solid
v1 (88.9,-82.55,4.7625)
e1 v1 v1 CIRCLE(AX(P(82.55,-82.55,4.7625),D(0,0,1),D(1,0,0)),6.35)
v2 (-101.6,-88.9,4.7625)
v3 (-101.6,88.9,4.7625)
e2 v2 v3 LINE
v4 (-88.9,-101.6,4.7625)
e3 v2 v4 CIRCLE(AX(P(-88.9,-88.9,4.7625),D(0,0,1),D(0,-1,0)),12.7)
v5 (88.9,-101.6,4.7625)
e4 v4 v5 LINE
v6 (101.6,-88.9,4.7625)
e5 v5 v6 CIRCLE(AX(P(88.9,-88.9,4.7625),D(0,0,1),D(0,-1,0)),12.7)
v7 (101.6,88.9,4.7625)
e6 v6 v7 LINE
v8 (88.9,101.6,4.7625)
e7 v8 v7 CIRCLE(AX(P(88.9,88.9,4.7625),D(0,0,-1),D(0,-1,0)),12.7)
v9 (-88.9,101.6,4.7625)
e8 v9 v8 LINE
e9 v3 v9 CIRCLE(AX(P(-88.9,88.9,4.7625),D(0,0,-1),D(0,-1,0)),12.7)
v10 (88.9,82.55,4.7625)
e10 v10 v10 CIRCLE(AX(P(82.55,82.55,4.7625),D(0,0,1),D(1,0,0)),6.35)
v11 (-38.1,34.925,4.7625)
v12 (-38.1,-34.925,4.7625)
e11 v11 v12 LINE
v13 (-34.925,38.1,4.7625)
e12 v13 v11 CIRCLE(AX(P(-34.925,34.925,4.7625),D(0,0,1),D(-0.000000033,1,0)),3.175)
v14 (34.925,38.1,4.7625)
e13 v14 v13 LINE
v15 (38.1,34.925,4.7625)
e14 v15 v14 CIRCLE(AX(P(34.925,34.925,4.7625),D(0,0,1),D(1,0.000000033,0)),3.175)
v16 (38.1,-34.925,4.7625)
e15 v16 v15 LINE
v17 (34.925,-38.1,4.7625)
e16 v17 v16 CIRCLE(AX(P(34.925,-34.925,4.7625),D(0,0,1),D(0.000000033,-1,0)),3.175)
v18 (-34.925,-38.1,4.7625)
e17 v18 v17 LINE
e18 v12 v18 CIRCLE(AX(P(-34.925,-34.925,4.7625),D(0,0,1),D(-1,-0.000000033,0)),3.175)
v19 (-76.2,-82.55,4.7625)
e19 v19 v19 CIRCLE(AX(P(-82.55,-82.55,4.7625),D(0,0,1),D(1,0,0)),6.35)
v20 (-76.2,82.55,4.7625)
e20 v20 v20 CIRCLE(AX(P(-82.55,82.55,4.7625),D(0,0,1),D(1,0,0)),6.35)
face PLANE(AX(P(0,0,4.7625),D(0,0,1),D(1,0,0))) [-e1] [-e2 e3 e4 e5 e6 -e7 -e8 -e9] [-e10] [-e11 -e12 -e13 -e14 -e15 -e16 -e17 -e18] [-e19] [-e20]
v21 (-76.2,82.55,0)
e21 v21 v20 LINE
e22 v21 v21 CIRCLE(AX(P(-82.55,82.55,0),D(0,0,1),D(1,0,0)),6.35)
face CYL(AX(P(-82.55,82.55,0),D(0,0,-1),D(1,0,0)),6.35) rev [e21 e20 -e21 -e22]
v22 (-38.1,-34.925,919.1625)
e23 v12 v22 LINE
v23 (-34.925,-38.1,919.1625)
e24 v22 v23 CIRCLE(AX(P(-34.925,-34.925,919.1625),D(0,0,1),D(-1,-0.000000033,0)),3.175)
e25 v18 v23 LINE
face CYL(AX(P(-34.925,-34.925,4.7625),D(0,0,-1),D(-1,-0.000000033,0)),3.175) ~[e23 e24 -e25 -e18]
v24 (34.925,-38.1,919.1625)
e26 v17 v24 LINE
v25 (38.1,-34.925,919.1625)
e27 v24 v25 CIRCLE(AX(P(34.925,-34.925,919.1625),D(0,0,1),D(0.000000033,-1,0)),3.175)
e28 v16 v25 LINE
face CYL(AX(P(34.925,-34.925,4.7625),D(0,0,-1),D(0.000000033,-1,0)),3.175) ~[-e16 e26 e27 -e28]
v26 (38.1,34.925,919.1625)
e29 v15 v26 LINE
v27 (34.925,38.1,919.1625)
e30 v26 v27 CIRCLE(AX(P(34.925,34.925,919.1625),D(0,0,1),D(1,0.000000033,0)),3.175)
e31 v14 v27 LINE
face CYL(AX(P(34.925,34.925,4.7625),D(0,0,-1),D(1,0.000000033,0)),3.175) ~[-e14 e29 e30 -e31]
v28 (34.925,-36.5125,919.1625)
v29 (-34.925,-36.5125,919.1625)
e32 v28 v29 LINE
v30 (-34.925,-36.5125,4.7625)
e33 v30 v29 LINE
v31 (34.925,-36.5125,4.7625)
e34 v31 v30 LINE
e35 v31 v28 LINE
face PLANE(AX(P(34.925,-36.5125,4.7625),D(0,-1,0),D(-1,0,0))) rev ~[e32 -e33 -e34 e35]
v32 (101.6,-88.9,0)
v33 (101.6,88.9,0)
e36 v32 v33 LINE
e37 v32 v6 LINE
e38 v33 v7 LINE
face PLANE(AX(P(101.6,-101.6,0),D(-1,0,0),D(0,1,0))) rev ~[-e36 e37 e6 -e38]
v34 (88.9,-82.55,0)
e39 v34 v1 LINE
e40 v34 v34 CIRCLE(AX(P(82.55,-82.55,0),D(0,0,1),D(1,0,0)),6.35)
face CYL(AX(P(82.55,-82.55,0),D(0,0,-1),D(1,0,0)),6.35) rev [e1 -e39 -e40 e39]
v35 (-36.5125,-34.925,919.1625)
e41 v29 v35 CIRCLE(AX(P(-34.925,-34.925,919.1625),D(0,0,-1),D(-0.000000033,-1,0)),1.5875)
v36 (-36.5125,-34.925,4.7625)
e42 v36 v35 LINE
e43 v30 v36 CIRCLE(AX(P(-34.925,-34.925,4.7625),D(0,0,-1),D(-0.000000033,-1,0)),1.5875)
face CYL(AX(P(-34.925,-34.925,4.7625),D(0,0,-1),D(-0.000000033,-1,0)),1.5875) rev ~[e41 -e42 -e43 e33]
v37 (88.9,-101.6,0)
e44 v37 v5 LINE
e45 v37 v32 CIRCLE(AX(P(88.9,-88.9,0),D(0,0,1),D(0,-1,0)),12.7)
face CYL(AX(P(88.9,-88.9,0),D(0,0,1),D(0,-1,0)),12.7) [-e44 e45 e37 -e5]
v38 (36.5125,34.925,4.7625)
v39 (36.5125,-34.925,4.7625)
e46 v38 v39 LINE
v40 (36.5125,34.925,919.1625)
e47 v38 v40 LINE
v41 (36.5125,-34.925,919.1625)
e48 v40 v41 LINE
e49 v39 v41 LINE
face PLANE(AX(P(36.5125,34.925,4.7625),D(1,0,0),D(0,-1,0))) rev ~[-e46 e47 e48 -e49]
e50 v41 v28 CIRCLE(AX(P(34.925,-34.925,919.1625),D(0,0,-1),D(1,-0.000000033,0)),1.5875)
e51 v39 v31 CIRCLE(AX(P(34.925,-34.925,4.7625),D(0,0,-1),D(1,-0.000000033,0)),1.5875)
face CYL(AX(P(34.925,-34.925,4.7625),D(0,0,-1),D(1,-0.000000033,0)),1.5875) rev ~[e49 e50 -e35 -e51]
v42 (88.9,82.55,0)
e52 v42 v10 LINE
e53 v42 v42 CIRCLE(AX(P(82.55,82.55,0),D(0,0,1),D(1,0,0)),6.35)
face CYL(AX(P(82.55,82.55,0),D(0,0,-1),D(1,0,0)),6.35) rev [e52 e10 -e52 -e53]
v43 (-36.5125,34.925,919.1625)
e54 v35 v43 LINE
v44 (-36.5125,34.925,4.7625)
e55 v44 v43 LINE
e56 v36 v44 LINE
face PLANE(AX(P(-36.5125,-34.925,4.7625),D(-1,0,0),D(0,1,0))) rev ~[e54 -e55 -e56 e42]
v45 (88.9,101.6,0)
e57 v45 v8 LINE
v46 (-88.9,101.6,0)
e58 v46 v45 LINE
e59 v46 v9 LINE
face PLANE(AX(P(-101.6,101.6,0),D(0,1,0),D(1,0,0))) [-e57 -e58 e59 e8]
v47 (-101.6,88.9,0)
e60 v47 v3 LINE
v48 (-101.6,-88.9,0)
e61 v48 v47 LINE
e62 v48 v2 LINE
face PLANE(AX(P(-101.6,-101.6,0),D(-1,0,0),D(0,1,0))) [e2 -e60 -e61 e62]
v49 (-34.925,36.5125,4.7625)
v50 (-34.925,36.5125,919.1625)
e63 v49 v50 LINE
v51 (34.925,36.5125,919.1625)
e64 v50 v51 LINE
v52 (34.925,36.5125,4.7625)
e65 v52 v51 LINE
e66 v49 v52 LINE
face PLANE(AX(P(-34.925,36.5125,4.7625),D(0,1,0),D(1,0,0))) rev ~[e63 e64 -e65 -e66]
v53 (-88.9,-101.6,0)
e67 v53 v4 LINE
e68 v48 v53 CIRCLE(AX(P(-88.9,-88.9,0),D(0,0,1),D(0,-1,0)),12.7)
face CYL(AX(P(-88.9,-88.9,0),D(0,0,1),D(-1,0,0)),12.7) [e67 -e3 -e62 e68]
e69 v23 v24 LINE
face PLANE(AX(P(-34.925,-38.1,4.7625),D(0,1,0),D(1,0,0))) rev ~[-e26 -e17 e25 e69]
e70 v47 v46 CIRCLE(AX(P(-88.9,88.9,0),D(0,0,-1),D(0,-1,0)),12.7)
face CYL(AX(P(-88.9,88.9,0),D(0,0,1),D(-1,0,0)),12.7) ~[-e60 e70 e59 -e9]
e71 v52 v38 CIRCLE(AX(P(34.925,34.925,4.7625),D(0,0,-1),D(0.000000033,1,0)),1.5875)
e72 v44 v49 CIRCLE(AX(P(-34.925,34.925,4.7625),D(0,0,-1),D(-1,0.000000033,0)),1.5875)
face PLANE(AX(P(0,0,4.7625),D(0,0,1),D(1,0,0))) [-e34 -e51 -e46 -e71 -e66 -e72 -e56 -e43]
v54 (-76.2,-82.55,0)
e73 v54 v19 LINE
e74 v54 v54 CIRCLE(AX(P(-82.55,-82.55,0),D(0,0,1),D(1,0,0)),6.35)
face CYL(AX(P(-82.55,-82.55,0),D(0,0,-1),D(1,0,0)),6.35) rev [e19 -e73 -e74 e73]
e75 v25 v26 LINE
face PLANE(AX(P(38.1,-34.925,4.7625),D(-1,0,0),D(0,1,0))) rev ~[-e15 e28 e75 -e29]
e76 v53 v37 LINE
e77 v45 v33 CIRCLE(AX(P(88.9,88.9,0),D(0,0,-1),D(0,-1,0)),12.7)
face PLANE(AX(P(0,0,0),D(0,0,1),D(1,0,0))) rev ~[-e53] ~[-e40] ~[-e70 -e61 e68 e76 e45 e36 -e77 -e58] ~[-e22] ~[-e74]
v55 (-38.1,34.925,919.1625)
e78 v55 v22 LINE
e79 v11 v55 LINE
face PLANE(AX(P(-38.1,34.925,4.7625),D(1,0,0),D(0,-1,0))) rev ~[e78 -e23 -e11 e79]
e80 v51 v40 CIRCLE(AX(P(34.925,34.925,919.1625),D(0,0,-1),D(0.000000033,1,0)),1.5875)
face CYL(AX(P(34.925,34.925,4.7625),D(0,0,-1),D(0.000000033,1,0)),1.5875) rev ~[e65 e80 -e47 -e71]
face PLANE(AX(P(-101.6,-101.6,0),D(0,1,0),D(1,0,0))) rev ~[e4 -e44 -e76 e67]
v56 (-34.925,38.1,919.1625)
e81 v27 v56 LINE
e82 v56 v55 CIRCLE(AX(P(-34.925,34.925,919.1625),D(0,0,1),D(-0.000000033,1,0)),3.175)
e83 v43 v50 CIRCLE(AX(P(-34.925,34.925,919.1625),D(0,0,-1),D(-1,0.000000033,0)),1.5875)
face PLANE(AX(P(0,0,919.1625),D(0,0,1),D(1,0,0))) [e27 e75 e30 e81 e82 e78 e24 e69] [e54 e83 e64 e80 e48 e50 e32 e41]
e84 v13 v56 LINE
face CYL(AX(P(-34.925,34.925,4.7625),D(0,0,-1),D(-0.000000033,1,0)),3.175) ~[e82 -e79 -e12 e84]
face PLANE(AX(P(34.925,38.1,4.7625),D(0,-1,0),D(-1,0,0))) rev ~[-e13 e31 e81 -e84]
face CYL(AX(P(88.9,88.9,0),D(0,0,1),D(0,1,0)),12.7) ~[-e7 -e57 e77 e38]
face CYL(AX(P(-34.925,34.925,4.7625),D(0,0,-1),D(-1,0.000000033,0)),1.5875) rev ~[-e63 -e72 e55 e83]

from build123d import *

# Parameters (mm, degrees)
F0_W     = 203.2
F0_H     = 203.2
F0_R     = 6.35
F1_DEPTH = 4.7625
F2_R     = 12.7
F4_DEPTH = 914.4


with BuildPart() as f1:
    # F0 (on Top) → F1 (new body)
    with BuildSketch(Plane.XY):
        Rectangle(F0_W, F0_H)
        with Locations((-82.55, -82.55)):
            Circle(F0_R, mode=Mode.SUBTRACT)
        with Locations((82.55, -82.55)):
            Circle(F0_R, mode=Mode.SUBTRACT)
        with Locations((-82.55, 82.55)):
            Circle(F0_R, mode=Mode.SUBTRACT)
        with Locations((82.55, 82.55)):
            Circle(F0_R, mode=Mode.SUBTRACT)
    extrude(amount=F1_DEPTH)

    # F2
    f2_edges = [f1.edges().sort_by_distance(p)[0] for p in [
        (-101.6, -101.6, 2.38125),
        (101.6, -101.6, 2.38125),
        (101.6, 101.6, 2.38125),
        (-101.6, 101.6, 2.38125),
    ]]
    fillet(f2_edges, radius=F2_R)

    # F3 (on face) → F4 (join)
    with BuildSketch(Plane.XY.offset(4.7625)):
        with BuildLine():
            Line((34.925, 38.1), (-34.925, 38.1))
            ThreePointArc((-34.925, 38.1), (-37.170064, 37.170064), (-38.1, 34.925))
            Line((-38.1, 34.925), (-38.1, -34.925))
            ThreePointArc((-38.1, -34.925), (-37.170064, -37.170064), (-34.925, -38.1))
            Line((-34.925, -38.1), (34.925, -38.1))
            ThreePointArc((34.925, -38.1), (37.170064, -37.170064), (38.1, -34.925))
            Line((38.1, -34.925), (38.1, 34.925))
            ThreePointArc((38.1, 34.925), (37.170064, 37.170064), (34.925, 38.1))
        make_face()
        with BuildLine():
            Line((-36.5125, -34.925), (-36.5125, 34.925))
            ThreePointArc((-36.5125, 34.925), (-36.047532, 36.047532), (-34.925, 36.5125))
            Line((-34.925, 36.5125), (34.925, 36.5125))
            ThreePointArc((34.925, 36.5125), (36.047532, 36.047532), (36.5125, 34.925))
            Line((36.5125, 34.925), (36.5125, -34.925))
            ThreePointArc((36.5125, -34.925), (36.047532, -36.047532), (34.925, -36.5125))
            Line((34.925, -36.5125), (-34.925, -36.5125))
            ThreePointArc((-34.925, -36.5125), (-36.047532, -36.047532), (-36.5125, -34.925))
        make_face(mode=Mode.SUBTRACT)
    extrude(amount=F4_DEPTH)


solid = f1.part
